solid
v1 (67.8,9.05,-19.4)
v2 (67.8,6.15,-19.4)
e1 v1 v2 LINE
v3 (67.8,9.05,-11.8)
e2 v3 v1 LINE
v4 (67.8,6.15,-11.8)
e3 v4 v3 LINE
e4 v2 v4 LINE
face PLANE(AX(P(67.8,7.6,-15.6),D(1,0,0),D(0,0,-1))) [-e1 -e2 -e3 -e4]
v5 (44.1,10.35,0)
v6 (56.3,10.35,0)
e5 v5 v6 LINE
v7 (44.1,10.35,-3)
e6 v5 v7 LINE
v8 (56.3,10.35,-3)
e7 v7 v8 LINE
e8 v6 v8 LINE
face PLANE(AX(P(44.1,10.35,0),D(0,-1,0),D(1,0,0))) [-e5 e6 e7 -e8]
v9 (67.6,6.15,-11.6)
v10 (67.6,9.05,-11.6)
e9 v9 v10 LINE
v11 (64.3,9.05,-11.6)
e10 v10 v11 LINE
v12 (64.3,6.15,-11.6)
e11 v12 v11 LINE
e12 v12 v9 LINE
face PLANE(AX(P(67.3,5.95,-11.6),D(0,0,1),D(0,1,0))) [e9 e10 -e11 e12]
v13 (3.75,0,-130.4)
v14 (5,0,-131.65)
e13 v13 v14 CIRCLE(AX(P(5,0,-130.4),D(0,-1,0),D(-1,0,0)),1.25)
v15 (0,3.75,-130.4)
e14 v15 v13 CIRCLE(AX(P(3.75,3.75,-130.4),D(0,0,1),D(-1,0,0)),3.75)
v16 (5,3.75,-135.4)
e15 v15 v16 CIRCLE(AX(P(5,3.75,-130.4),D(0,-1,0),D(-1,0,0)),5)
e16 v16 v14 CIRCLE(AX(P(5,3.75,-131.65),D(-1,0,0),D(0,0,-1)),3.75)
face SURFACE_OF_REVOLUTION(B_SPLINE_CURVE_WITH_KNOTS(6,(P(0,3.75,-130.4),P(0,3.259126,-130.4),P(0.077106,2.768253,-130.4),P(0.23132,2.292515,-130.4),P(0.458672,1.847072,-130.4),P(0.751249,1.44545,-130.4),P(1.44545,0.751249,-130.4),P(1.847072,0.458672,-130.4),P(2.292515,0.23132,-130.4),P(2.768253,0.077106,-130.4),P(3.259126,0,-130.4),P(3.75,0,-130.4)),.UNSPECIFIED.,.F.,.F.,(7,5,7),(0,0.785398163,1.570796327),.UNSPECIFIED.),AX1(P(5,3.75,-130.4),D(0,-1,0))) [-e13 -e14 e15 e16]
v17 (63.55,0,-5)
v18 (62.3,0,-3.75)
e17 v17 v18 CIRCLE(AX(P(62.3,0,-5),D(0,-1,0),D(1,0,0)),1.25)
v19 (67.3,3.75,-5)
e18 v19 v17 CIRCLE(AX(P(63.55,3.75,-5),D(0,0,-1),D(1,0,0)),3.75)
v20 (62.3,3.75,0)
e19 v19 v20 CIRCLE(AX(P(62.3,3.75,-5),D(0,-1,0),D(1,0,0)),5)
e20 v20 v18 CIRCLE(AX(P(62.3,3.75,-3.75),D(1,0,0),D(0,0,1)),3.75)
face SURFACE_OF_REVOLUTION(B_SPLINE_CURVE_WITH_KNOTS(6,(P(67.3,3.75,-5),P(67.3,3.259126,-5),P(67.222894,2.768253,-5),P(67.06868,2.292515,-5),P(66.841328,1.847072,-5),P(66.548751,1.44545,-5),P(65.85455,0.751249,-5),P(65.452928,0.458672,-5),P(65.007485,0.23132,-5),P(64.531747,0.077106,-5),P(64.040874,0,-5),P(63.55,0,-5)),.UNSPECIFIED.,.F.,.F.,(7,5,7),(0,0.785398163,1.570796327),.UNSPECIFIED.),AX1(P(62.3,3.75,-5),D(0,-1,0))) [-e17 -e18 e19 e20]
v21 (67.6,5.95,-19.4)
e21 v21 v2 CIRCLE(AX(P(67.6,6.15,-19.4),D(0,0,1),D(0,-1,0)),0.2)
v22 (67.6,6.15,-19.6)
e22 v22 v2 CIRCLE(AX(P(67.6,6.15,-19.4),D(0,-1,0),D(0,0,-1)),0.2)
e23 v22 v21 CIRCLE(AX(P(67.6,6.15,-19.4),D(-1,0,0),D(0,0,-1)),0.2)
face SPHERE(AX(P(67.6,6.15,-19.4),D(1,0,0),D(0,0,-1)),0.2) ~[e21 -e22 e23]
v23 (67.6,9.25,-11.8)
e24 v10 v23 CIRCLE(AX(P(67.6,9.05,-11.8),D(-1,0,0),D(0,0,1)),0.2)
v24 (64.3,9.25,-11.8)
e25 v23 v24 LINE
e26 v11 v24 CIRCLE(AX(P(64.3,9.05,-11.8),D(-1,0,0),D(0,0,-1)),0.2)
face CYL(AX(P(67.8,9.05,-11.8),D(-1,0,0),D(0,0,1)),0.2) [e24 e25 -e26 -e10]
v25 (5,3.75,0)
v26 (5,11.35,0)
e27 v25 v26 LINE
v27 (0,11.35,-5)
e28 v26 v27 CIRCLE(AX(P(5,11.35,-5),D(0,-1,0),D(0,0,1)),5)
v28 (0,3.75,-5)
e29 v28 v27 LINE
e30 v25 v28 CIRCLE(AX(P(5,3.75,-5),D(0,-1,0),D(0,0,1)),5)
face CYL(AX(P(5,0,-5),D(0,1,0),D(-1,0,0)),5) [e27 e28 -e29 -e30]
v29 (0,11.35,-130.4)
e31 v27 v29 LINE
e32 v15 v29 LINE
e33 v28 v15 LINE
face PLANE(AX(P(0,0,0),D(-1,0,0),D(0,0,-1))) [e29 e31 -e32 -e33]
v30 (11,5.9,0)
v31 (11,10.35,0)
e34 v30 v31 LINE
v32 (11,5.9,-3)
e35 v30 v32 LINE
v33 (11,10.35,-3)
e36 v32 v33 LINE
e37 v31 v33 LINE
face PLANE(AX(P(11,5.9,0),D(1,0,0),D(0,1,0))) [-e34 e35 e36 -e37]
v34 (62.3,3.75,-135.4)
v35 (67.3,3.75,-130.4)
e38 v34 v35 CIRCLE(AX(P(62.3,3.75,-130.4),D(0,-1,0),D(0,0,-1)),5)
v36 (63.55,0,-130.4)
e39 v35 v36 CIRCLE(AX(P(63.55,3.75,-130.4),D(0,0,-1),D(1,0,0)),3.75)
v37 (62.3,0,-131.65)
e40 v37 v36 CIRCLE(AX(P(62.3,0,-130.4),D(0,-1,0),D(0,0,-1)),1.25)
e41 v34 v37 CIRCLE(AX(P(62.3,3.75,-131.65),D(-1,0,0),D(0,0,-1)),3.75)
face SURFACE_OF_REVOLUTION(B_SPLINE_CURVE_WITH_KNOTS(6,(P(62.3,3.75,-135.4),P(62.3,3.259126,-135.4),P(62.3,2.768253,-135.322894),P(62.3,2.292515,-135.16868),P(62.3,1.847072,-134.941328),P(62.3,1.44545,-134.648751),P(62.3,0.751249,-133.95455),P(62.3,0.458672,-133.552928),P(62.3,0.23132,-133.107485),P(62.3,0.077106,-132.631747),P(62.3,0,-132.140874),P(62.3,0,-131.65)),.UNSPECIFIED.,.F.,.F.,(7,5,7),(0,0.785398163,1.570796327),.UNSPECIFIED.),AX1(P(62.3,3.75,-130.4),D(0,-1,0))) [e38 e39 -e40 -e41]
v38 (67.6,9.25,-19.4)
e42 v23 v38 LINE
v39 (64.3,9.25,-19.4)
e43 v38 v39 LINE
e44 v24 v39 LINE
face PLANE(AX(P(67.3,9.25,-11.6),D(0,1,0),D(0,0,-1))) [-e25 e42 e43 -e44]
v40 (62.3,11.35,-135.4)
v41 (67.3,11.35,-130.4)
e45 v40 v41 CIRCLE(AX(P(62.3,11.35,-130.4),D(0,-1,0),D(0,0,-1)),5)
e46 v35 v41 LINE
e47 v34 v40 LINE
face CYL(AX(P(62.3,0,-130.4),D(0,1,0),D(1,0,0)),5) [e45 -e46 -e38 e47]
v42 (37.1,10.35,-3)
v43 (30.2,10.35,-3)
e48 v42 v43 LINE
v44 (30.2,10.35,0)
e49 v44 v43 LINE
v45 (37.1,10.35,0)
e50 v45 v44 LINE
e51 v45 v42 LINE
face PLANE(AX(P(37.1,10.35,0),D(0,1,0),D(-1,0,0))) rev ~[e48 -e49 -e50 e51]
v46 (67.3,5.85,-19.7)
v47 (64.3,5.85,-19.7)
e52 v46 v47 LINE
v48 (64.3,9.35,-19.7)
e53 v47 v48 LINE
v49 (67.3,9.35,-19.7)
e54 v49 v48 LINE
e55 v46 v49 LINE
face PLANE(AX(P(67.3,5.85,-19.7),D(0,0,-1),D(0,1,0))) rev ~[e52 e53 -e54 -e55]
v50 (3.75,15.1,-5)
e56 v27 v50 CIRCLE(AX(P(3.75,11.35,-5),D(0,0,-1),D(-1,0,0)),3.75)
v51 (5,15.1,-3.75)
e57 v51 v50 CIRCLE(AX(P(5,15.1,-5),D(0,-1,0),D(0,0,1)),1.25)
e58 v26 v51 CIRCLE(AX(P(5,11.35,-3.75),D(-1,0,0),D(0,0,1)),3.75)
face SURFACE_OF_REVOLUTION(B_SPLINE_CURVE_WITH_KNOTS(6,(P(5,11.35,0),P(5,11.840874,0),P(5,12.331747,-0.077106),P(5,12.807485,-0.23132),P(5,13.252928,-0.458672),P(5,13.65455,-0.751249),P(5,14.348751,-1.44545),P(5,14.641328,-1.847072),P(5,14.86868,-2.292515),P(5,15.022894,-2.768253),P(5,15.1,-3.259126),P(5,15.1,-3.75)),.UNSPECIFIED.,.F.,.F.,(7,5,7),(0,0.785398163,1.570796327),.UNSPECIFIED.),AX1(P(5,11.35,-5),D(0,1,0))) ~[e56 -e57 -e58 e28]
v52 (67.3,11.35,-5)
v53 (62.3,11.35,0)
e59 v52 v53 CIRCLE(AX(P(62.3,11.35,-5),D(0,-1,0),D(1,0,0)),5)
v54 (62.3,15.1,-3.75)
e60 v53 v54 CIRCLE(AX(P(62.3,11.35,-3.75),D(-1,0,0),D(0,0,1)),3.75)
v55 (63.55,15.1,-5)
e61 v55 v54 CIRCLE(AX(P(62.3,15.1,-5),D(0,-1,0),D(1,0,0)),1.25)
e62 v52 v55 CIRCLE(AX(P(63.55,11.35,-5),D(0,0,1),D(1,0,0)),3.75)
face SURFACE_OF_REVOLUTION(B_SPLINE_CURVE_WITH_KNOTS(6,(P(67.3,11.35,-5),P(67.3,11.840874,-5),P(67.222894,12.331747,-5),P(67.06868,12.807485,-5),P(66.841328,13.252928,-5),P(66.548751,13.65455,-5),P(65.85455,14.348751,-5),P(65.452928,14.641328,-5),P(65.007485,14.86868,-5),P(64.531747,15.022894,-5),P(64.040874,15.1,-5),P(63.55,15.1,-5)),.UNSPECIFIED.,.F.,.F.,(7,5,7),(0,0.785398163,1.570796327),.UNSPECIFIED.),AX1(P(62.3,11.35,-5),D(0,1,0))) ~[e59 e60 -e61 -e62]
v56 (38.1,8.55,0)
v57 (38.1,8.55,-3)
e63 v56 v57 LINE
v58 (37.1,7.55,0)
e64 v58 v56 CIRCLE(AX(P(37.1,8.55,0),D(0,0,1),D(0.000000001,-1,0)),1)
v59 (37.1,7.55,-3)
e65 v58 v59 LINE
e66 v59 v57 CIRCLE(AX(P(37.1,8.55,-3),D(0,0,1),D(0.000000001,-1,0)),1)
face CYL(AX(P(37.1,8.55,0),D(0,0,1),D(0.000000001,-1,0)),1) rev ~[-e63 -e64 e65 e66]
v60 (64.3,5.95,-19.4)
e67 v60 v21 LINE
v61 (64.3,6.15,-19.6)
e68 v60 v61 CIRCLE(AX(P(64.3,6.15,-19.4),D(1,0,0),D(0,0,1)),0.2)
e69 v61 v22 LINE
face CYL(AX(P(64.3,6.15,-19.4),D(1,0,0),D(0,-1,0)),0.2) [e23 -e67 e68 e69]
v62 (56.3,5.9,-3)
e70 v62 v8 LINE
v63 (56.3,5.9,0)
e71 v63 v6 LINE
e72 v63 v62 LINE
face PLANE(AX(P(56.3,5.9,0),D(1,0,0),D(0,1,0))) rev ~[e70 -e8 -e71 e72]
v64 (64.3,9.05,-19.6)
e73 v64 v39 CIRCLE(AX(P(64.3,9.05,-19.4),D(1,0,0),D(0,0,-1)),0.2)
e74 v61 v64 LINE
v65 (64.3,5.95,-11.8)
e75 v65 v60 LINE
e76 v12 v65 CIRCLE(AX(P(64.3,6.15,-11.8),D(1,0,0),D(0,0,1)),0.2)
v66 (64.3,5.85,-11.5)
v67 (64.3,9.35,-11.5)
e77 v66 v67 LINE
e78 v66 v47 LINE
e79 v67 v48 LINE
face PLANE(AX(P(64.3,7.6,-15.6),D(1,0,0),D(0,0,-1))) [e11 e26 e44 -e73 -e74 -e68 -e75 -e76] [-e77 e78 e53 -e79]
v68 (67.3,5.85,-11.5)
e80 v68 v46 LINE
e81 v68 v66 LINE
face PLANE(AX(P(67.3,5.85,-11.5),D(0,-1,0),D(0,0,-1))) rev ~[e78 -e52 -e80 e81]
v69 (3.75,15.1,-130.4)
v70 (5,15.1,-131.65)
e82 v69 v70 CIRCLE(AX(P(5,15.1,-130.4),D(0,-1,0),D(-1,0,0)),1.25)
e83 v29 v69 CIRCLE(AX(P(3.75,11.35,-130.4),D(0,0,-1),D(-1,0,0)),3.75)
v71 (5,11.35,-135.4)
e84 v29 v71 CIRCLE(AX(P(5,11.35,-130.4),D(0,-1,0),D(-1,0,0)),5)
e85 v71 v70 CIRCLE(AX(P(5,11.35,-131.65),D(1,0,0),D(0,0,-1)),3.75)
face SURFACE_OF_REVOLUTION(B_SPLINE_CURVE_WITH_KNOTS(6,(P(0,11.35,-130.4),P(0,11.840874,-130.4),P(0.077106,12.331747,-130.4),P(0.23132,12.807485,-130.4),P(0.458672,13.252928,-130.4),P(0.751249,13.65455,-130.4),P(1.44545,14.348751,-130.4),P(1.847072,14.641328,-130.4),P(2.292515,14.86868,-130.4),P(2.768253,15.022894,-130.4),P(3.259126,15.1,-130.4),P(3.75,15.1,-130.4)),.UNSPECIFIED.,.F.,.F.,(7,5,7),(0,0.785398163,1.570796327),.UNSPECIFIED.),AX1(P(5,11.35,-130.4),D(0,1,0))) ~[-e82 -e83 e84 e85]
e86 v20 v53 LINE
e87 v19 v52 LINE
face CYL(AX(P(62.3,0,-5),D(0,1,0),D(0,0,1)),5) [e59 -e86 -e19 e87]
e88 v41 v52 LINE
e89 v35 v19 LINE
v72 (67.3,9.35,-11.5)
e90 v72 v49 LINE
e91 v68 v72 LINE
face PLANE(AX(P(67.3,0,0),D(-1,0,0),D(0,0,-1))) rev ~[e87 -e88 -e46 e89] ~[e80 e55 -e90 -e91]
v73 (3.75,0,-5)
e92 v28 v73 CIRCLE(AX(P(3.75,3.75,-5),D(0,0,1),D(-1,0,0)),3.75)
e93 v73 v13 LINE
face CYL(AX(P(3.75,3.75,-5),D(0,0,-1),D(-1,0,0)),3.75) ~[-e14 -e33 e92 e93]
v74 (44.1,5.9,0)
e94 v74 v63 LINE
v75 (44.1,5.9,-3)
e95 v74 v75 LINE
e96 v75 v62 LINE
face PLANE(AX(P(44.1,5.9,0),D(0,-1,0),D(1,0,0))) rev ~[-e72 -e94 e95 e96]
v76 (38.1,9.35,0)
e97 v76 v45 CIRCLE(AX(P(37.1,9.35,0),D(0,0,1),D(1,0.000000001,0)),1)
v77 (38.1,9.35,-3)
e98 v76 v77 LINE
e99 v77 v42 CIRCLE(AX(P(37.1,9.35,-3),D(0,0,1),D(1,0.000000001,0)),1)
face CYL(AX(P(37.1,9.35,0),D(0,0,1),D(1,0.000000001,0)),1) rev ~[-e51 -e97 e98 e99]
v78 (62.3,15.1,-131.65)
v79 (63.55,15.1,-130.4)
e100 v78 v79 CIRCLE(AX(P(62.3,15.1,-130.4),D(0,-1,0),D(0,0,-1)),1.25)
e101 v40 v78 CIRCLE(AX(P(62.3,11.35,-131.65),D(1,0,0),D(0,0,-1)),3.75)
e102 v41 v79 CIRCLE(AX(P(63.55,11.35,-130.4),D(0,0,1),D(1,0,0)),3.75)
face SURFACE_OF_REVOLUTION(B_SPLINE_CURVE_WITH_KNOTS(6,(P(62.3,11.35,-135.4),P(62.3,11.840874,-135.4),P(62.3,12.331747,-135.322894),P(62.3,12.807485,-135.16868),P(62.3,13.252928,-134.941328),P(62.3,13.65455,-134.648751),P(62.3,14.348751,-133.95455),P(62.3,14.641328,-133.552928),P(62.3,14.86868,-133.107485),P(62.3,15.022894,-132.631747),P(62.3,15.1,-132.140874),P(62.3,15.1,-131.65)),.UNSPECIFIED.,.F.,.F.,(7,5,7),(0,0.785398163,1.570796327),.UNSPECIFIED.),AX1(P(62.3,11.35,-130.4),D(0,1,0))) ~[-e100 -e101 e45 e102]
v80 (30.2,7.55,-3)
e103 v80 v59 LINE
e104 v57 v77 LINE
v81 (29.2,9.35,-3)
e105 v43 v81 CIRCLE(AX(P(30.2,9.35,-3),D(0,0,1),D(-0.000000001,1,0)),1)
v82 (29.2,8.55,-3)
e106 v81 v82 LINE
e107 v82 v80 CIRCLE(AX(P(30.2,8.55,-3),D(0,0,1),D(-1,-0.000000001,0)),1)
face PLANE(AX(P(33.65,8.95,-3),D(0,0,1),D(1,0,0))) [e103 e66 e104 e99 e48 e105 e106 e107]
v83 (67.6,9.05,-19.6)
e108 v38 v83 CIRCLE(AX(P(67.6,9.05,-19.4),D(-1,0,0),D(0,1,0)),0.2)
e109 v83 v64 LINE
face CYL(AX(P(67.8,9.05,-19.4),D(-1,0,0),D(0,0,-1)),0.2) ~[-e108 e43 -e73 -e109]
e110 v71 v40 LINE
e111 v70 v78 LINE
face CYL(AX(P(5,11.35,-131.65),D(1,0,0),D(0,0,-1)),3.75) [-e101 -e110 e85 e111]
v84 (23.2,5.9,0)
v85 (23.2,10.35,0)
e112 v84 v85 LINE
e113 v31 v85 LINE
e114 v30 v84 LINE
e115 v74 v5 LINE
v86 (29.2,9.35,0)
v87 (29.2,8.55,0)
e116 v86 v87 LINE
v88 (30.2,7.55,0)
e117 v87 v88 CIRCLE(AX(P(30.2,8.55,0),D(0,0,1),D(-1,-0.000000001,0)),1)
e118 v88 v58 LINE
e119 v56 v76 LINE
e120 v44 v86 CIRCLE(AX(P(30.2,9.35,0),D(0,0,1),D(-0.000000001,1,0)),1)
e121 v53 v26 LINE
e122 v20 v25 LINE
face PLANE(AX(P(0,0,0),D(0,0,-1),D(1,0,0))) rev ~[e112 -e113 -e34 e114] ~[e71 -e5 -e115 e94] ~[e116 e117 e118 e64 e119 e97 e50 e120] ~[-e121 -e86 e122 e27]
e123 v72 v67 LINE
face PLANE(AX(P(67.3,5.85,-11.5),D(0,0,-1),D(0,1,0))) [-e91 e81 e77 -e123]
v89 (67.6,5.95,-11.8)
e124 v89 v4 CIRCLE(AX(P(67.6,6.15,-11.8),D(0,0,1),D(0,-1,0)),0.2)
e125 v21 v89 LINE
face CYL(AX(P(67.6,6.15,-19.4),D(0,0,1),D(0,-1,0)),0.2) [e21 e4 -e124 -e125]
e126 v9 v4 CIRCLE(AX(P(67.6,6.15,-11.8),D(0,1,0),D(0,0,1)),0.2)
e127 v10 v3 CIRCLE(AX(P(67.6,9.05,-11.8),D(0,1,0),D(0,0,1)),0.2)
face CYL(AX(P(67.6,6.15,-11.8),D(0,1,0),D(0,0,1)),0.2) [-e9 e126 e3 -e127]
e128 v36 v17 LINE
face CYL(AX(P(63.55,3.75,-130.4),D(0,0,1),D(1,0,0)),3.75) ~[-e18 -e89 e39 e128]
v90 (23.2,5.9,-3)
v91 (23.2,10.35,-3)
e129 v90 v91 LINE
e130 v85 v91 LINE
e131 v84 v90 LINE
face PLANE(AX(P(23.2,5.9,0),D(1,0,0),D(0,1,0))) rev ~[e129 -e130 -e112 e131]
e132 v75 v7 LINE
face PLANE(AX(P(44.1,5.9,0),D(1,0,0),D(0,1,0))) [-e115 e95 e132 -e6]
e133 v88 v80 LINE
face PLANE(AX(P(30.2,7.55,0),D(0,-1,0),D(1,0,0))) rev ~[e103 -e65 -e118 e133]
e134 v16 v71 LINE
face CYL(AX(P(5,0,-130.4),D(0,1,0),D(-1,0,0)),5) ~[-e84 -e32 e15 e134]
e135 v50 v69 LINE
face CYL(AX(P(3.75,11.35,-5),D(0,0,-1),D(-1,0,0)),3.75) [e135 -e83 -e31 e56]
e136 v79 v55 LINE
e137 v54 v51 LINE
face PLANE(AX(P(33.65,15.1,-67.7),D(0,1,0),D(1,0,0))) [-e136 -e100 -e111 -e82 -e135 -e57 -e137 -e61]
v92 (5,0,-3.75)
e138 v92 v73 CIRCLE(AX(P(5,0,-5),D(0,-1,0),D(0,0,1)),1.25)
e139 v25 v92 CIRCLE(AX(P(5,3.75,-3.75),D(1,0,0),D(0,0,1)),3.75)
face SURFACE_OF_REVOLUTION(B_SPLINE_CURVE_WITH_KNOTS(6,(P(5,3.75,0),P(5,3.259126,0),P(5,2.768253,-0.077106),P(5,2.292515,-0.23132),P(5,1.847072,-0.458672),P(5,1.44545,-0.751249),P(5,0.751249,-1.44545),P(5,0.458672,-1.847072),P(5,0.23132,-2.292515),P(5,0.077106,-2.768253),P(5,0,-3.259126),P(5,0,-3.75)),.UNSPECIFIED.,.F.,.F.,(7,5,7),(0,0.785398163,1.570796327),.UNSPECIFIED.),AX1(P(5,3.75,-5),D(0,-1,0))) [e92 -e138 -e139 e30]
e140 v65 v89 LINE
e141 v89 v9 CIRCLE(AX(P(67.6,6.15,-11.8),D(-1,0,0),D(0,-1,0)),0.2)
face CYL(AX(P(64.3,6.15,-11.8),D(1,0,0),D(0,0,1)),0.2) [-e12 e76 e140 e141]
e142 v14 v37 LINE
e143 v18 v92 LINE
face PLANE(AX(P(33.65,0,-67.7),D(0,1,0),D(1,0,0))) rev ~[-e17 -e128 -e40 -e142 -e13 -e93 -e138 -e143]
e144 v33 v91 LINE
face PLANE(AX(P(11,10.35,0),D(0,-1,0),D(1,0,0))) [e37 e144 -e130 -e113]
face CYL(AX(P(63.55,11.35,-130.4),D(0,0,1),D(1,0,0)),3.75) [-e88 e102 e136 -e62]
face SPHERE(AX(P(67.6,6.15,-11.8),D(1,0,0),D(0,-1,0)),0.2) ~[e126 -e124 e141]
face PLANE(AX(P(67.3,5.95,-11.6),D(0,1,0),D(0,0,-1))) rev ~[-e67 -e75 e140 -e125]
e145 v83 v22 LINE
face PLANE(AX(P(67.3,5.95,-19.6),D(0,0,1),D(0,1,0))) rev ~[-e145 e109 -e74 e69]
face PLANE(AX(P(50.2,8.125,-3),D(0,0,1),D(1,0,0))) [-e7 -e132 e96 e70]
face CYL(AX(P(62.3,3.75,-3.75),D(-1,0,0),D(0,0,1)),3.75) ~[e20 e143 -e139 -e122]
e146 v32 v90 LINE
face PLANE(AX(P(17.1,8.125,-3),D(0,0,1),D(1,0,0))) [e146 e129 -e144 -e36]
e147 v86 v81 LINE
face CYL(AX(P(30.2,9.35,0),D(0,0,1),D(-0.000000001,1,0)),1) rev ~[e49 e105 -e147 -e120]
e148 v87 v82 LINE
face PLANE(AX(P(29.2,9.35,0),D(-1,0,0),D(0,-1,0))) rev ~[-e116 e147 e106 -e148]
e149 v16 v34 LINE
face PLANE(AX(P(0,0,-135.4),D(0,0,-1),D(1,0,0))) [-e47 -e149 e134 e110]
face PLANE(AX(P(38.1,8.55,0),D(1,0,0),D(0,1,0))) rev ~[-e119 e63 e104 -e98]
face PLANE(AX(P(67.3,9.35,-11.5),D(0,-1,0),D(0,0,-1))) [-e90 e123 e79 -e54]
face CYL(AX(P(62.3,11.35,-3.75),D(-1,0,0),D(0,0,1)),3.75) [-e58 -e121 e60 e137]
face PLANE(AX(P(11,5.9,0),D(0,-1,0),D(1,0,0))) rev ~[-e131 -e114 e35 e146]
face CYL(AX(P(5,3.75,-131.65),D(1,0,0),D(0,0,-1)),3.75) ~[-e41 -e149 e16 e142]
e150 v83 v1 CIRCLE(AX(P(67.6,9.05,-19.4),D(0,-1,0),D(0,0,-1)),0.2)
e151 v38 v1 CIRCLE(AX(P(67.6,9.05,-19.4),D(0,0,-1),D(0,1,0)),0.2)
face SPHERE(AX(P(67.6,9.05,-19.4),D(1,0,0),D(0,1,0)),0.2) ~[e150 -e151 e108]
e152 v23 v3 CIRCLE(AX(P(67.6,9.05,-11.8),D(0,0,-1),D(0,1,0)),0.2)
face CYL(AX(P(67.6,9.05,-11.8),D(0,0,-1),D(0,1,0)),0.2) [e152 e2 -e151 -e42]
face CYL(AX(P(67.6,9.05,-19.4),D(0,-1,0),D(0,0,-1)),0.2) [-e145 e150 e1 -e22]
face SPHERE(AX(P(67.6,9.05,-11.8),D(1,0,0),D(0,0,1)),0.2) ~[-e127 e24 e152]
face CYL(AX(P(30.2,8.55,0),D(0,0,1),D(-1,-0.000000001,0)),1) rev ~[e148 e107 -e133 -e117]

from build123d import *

# Parameters (mm, degrees)
SKETCH1_W           = 67.3
SKETCH1_H           = 135.4
BOSS_EXTRUDE1_DEPTH = 15.1
FILLET1_R           = 5
FILLET2_R           = 3.75
SKETCH2_W           = 12.2
SKETCH2_H           = 4.45
CUT_EXTRUDE1_DEPTH  = 3
SKETCH3_W           = 8.2
SKETCH3_H           = 3.5
SKETCH3_W_2         = 8
SKETCH3_H_2         = 3.3
CUT_EXTRUDE2_DEPTH  = 3
FILLET3_R           = 3.75
SKETCH4_W           = 8
SKETCH4_H           = 3.3
BOSS_EXTRUDE2_DEPTH = 0.5
FILLET4_R           = 0.2
FILLET5_R           = 0.2


with BuildPart() as part:
    # Sketch1 → Boss-Extrude1 (new body)
    with BuildSketch(Plane(origin=(0, 0, 0), x_dir=(1, 0, 0), z_dir=(0, 1, 0))):
        with Locations((33.65, 67.7)):
            Rectangle(SKETCH1_W, SKETCH1_H)
    extrude(amount=BOSS_EXTRUDE1_DEPTH)

    # Fillet1
    fillet1_edges = [part.edges().sort_by_distance(p)[0] for p in [
        (0, 7.55, -135.4),
        (67.3, 7.55, -135.4),
        (67.3, 7.55, 0),
        (0, 7.55, 0),
    ]]
    fillet(fillet1_edges, radius=FILLET1_R)

    # Fillet2
    fillet2_edges = [part.edges().sort_by_distance(p)[0] for p in [
        (0, 15.1, -67.7),
        (33.65, 15.1, -135.4),
        (33.65, 15.1, 0),
        (67.3, 15.1, -67.7),
        (1.464466094, 15.1, -1.464466094),
        (65.835533906, 15.1, -1.464466094),
        (65.835533906, 15.1, -133.935533906),
        (1.464466094, 15.1, -133.935533906),
    ]]
    fillet(fillet2_edges, radius=FILLET2_R)

    # Sketch2 → Cut-Extrude1 (cut)
    with BuildSketch(Plane.XY):
        with Locations((17.1, 8.125)):
            Rectangle(SKETCH2_W, SKETCH2_H)
        with Locations((50.2, 8.125)):
            Rectangle(SKETCH2_W, SKETCH2_H)
        with BuildLine():
            Line((30.2, 7.55), (37.1, 7.55))
            ThreePointArc((37.1, 7.55), (37.807106781, 7.842893219), (38.1, 8.55))
            Line((38.1, 8.55), (38.1, 9.35))
            ThreePointArc((38.1, 9.35), (37.807106781, 10.057106781), (37.1, 10.35))
            Line((37.1, 10.35), (30.2, 10.35))
            ThreePointArc((30.2, 10.35), (29.492893219, 10.057106781), (29.2, 9.35))
            Line((29.2, 9.35), (29.2, 8.55))
            ThreePointArc((29.2, 8.55), (29.492893219, 7.842893219), (30.2, 7.55))
        make_face()
    extrude(amount=-CUT_EXTRUDE1_DEPTH, mode=Mode.SUBTRACT)

    # Sketch3 → Cut-Extrude2 (cut)
    with BuildSketch(Plane(origin=(67.3, 0, 0), x_dir=(0, 0, -1), z_dir=(1, 0, 0))):
        with Locations((15.6, 7.6)):
            Rectangle(SKETCH3_W, SKETCH3_H)
        with Locations((15.6, 7.6)):
            Rectangle(SKETCH3_W_2, SKETCH3_H_2, mode=Mode.SUBTRACT)
    extrude(amount=-CUT_EXTRUDE2_DEPTH, mode=Mode.SUBTRACT)

    # Fillet3
    fillet3_edges = [part.edges().sort_by_distance(p)[0] for p in [
        (0, 0, -67.7),
        (33.65, 0, -135.4),
        (67.3, 0, -67.7),
        (33.65, 0, 0),
        (1.464466094, 0, -1.464466094),
        (65.835533906, 0, -1.464466094),
        (65.835533906, 0, -133.935533906),
        (1.464466094, 0, -133.935533906),
    ]]
    fillet(fillet3_edges, radius=FILLET3_R)

    # Sketch4 → Boss-Extrude2 (add)
    with BuildSketch(Plane(origin=(67.3, 0, 0), x_dir=(0, 0, -1), z_dir=(1, 0, 0))):
        with Locations((15.6, 7.6)):
            Rectangle(SKETCH4_W, SKETCH4_H)
    extrude(amount=BOSS_EXTRUDE2_DEPTH)

    # Fillet4
    fillet4_edges = [part.edges().sort_by_distance(p)[0] for p in [
        (66.05, 9.25, -11.6),
        (66.05, 9.25, -19.6),
        (66.05, 5.95, -19.6),
        (66.05, 5.95, -11.6),
    ]]
    fillet(fillet4_edges, radius=FILLET4_R)

    # Fillet5
    fillet5_edges = [part.edges().sort_by_distance(p)[0] for p in [
        (67.8, 7.6, -11.6),
        (67.8, 5.95, -15.6),
        (67.8, 7.6, -19.6),
        (67.8, 9.25, -15.6),
        (67.8, 9.191421356, -11.658578644),
        (67.8, 9.191421356, -19.541421356),
        (67.8, 6.008578644, -19.541421356),
        (67.8, 6.008578644, -11.658578644),
    ]]
    fillet(fillet5_edges, radius=FILLET5_R)


solid = part.part
